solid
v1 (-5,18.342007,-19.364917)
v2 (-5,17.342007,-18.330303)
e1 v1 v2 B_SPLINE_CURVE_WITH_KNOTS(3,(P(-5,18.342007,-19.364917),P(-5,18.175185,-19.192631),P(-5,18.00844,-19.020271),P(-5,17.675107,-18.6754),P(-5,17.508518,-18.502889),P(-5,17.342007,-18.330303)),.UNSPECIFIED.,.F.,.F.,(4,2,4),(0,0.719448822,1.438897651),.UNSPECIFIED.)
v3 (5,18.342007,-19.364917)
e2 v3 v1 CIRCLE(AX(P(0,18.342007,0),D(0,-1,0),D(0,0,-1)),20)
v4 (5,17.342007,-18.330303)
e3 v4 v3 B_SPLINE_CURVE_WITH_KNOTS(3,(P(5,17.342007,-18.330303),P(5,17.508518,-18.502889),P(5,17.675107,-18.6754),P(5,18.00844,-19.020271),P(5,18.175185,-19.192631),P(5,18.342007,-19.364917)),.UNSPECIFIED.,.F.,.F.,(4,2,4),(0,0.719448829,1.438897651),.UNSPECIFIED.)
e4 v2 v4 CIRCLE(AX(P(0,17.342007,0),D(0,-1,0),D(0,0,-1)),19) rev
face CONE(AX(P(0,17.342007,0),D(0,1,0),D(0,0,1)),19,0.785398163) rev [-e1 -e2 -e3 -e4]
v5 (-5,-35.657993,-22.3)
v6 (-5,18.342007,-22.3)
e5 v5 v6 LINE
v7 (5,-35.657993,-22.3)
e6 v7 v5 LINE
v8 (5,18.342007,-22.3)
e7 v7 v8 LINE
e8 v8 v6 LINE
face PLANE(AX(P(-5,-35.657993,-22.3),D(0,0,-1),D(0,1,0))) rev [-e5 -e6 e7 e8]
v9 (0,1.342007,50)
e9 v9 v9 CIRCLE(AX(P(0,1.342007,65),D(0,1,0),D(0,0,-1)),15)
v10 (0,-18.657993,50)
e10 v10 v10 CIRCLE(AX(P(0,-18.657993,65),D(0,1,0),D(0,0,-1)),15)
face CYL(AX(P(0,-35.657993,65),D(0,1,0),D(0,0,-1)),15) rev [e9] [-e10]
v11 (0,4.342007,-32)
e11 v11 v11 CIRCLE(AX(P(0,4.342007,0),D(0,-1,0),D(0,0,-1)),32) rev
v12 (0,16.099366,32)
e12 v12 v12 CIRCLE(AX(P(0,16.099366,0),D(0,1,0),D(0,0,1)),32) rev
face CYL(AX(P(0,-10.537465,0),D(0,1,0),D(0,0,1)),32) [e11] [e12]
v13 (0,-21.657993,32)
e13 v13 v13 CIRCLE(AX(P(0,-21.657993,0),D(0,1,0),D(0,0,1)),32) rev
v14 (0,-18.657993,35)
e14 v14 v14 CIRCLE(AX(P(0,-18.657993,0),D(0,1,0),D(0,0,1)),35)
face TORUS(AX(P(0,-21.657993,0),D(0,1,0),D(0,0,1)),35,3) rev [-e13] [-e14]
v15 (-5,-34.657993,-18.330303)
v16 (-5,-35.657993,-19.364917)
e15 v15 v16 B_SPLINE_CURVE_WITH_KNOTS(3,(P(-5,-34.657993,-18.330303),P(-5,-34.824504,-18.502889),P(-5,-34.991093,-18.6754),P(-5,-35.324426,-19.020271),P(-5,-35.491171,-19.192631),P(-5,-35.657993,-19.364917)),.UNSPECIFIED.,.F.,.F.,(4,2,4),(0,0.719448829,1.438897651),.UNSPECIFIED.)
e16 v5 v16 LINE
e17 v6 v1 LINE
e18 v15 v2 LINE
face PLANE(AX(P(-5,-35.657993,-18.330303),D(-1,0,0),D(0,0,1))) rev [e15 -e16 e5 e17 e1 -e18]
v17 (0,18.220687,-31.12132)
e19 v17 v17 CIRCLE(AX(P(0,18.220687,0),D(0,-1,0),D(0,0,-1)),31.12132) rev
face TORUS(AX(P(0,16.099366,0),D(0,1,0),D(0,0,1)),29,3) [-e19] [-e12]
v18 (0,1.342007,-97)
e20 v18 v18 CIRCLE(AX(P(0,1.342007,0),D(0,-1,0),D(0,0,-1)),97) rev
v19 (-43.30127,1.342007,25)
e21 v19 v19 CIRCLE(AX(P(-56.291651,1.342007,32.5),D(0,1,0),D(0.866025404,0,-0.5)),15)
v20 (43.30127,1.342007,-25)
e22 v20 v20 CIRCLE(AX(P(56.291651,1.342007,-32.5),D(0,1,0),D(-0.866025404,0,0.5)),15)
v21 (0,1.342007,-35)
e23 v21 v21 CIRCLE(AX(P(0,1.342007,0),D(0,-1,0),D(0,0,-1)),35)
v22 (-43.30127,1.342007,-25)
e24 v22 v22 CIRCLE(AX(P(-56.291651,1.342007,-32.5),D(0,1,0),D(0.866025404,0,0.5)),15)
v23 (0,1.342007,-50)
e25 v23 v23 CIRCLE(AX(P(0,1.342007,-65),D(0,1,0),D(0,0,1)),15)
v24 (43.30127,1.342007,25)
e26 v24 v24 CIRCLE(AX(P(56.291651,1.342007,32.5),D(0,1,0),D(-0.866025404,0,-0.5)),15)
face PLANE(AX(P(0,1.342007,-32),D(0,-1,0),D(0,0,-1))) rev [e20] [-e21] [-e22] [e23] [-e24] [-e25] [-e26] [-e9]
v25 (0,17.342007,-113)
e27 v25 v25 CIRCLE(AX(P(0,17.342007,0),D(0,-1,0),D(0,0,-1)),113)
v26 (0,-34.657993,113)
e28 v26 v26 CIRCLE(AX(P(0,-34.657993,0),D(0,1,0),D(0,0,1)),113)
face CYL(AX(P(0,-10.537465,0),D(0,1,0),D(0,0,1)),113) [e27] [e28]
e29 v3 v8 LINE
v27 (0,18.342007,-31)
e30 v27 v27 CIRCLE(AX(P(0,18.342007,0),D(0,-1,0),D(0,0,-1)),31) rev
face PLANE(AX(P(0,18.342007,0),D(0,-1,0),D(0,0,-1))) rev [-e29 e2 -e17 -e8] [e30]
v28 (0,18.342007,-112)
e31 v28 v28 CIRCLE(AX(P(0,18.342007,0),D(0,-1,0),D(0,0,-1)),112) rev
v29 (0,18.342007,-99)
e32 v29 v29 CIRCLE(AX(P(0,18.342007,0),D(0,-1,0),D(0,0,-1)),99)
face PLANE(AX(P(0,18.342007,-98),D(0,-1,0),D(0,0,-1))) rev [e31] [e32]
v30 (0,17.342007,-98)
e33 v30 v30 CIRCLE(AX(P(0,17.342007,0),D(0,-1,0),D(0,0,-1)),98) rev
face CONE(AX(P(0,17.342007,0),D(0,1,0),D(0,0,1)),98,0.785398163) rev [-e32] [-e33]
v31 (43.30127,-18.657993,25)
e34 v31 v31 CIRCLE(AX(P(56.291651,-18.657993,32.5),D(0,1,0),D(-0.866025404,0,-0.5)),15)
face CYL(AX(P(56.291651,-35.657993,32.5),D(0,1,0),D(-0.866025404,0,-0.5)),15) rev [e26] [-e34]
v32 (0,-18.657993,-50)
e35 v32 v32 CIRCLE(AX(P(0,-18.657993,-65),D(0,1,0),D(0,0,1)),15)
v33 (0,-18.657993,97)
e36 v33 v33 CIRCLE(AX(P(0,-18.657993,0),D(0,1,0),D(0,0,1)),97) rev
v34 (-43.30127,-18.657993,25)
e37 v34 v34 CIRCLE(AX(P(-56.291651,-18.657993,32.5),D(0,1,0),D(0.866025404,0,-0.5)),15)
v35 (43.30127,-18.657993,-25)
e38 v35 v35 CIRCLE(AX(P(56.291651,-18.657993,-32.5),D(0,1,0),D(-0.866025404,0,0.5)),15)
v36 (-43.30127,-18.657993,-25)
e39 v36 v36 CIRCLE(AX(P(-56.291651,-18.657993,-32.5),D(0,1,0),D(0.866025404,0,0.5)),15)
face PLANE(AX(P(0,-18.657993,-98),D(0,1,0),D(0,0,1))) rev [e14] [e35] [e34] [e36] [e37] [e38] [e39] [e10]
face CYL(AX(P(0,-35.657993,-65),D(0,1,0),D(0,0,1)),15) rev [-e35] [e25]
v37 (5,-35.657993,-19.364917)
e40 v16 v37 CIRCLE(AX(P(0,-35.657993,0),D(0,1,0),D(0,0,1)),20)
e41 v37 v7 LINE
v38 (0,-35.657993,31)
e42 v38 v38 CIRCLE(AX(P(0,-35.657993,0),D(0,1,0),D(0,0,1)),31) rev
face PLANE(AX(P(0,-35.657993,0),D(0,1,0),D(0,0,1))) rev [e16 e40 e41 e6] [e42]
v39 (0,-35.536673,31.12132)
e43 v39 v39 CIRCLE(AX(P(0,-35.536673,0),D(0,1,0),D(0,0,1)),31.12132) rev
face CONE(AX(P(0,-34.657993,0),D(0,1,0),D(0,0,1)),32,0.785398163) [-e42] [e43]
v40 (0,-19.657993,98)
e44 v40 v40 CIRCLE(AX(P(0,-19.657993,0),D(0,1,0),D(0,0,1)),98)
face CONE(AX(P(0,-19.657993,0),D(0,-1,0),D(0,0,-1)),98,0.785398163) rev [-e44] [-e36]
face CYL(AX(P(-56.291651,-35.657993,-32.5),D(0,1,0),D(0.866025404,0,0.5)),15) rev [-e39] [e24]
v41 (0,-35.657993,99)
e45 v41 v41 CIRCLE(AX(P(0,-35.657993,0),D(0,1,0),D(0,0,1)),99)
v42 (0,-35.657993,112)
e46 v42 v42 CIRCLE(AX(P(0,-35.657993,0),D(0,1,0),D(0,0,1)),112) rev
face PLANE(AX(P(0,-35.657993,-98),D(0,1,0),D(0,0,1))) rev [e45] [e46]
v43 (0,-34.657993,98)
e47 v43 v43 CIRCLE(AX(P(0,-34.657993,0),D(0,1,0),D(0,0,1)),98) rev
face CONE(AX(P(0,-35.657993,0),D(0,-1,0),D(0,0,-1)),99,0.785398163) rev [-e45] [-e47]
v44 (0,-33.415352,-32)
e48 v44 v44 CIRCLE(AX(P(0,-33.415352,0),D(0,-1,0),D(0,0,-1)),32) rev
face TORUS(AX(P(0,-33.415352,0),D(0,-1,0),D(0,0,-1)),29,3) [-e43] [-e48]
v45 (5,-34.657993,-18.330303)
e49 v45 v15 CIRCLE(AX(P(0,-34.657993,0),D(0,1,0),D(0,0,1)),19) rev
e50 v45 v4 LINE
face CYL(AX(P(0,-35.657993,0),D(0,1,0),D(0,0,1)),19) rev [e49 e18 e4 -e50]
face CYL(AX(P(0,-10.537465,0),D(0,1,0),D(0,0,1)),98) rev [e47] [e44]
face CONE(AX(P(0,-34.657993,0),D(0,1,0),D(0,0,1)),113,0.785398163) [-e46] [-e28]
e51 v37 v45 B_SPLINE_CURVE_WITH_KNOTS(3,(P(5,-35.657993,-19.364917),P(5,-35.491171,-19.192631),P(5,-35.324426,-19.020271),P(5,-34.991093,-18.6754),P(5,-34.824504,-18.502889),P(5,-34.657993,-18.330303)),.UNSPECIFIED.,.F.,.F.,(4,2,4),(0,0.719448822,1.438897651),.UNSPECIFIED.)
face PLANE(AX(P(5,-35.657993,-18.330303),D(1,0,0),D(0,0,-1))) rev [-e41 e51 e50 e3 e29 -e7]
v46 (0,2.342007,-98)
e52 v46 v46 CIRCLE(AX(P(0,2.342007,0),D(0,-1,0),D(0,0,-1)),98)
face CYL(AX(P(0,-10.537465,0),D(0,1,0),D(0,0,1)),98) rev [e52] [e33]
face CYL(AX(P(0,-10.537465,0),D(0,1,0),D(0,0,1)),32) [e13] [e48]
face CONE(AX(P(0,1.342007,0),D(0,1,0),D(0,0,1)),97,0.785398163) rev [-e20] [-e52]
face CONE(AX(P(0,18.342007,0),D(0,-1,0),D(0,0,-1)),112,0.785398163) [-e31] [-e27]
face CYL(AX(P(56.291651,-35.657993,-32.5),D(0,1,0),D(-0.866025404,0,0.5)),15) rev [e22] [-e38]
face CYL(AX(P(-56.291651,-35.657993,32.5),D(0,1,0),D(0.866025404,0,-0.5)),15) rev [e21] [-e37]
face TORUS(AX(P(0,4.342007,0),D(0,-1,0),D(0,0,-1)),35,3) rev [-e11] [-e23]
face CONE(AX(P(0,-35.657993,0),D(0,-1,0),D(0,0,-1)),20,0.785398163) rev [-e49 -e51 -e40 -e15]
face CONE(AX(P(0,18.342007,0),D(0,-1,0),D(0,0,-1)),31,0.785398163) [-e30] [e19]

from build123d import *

# Parameters (mm, degrees)
CUT_EXTRUDE_1_DEPTH      = 169.683134901
SKETCH_4_R               = 15
CUT_EXTRUDE_2_DEPTH      = 165.033533157
PATTERN_CIRCULAR_1_COUNT = 6
CHAMFER_1_SIZE           = 1
CHAMFER_2_SIZE           = 1
FILLET_1_R               = 3
FILLET_2_R               = 3


with BuildPart() as part:
    # 草图2 → 旋转1 (revolve)
    with BuildSketch(Plane(origin=(0, 0, 0), x_dir=(0, 0, -1), z_dir=(1, 0, 0)), mode=Mode.PRIVATE) as revolve_1_sk:
        Polygon((0, 0), (0, 18.342006946), (32, 18.342006946), (32, 1.342006946), (98, 1.342006946), (98, 18.342006946), (113, 18.342006946), (113, -13.309731327), (113, -35.657993054), (98, -35.657993054), (98, -18.657993054), (32, -18.657993054), (32, -35.657993054), (0, -35.657993054), (0, -10.537464958), align=None)
    revolve(revolve_1_sk.sketch.rotate(Axis((0, -10.537464958, 0), (0, -1, 0)), 180), axis=Axis((0, -10.537464958, 0), (0, -1, 0)))

    # 草图3 → 切除-拉伸1 (cut, through all)
    with BuildSketch(Plane(origin=(0, 18.342006946, 0), x_dir=(1, 0, 0), z_dir=(0, 1, 0))):
        with BuildLine():
            Line((-5, 18.33030278), (-5, 22.3))
            Line((-5, 22.3), (5, 22.3))
            Line((5, 22.3), (5, 18.33030278))
            ThreePointArc((5, 18.33030278), (0, -19), (-5, 18.33030278))
        make_face()
    extrude(amount=-CUT_EXTRUDE_1_DEPTH, mode=Mode.SUBTRACT)

    # 草图4 → 切除-拉伸2 (cut, through all)
    with BuildSketch(Plane(origin=(0, 1.342006946, 0), x_dir=(1, 0, 0), z_dir=(0, 1, 0))):
        with Locations(Location((0, 65, 0), (0, 0, 270))):
            Circle(SKETCH_4_R)
    cut_extrude_2 = extrude(amount=-CUT_EXTRUDE_2_DEPTH, mode=Mode.SUBTRACT)

    # 阵列(圆周)1: 切除-拉伸2 ×6 about axis
    pattern_circular_1_axis = Axis((0, 0, 0), (0, 1, 0))
    for i in range(1, PATTERN_CIRCULAR_1_COUNT):
        add(cut_extrude_2.rotate(pattern_circular_1_axis, i * 360 / PATTERN_CIRCULAR_1_COUNT), mode=Mode.SUBTRACT)

    # 倒角1
    chamfer_1_edges = [part.edges().sort_by_distance(p)[0] for p in [
        (0, -35.657993054, -113),
        (0, 18.342006946, -113),
    ]]
    chamfer(chamfer_1_edges, length=CHAMFER_1_SIZE)

    # 倒角2
    chamfer_2_edges = [part.edges().sort_by_distance(p)[0] for p in [
        (0, -35.657993054, -32),
        (0, -18.657993054, -98),
        (0, -35.657993054, -98),
        (0, 18.342006946, -98),
        (0, 1.342006946, -98),
        (0, 18.342006946, -32),
        (0, -35.657993054, 19),
        (0, 18.342006946, 19),
    ]]
    chamfer(chamfer_2_edges, length=CHAMFER_2_SIZE)

    # 圆角1
    fillet_1_edges = [part.edges().sort_by_distance(p)[0] for p in [
        (0, 1.342006946, -32),
        (0, 17.342006946, -32),
    ]]
    fillet(fillet_1_edges, radius=FILLET_1_R)

    # 圆角2
    fillet_2_edges = [part.edges().sort_by_distance(p)[0] for p in [
        (0, -18.657993054, -32),
        (0, -34.657993054, -32),
    ]]
    fillet(fillet_2_edges, radius=FILLET_2_R)


solid = part.part
